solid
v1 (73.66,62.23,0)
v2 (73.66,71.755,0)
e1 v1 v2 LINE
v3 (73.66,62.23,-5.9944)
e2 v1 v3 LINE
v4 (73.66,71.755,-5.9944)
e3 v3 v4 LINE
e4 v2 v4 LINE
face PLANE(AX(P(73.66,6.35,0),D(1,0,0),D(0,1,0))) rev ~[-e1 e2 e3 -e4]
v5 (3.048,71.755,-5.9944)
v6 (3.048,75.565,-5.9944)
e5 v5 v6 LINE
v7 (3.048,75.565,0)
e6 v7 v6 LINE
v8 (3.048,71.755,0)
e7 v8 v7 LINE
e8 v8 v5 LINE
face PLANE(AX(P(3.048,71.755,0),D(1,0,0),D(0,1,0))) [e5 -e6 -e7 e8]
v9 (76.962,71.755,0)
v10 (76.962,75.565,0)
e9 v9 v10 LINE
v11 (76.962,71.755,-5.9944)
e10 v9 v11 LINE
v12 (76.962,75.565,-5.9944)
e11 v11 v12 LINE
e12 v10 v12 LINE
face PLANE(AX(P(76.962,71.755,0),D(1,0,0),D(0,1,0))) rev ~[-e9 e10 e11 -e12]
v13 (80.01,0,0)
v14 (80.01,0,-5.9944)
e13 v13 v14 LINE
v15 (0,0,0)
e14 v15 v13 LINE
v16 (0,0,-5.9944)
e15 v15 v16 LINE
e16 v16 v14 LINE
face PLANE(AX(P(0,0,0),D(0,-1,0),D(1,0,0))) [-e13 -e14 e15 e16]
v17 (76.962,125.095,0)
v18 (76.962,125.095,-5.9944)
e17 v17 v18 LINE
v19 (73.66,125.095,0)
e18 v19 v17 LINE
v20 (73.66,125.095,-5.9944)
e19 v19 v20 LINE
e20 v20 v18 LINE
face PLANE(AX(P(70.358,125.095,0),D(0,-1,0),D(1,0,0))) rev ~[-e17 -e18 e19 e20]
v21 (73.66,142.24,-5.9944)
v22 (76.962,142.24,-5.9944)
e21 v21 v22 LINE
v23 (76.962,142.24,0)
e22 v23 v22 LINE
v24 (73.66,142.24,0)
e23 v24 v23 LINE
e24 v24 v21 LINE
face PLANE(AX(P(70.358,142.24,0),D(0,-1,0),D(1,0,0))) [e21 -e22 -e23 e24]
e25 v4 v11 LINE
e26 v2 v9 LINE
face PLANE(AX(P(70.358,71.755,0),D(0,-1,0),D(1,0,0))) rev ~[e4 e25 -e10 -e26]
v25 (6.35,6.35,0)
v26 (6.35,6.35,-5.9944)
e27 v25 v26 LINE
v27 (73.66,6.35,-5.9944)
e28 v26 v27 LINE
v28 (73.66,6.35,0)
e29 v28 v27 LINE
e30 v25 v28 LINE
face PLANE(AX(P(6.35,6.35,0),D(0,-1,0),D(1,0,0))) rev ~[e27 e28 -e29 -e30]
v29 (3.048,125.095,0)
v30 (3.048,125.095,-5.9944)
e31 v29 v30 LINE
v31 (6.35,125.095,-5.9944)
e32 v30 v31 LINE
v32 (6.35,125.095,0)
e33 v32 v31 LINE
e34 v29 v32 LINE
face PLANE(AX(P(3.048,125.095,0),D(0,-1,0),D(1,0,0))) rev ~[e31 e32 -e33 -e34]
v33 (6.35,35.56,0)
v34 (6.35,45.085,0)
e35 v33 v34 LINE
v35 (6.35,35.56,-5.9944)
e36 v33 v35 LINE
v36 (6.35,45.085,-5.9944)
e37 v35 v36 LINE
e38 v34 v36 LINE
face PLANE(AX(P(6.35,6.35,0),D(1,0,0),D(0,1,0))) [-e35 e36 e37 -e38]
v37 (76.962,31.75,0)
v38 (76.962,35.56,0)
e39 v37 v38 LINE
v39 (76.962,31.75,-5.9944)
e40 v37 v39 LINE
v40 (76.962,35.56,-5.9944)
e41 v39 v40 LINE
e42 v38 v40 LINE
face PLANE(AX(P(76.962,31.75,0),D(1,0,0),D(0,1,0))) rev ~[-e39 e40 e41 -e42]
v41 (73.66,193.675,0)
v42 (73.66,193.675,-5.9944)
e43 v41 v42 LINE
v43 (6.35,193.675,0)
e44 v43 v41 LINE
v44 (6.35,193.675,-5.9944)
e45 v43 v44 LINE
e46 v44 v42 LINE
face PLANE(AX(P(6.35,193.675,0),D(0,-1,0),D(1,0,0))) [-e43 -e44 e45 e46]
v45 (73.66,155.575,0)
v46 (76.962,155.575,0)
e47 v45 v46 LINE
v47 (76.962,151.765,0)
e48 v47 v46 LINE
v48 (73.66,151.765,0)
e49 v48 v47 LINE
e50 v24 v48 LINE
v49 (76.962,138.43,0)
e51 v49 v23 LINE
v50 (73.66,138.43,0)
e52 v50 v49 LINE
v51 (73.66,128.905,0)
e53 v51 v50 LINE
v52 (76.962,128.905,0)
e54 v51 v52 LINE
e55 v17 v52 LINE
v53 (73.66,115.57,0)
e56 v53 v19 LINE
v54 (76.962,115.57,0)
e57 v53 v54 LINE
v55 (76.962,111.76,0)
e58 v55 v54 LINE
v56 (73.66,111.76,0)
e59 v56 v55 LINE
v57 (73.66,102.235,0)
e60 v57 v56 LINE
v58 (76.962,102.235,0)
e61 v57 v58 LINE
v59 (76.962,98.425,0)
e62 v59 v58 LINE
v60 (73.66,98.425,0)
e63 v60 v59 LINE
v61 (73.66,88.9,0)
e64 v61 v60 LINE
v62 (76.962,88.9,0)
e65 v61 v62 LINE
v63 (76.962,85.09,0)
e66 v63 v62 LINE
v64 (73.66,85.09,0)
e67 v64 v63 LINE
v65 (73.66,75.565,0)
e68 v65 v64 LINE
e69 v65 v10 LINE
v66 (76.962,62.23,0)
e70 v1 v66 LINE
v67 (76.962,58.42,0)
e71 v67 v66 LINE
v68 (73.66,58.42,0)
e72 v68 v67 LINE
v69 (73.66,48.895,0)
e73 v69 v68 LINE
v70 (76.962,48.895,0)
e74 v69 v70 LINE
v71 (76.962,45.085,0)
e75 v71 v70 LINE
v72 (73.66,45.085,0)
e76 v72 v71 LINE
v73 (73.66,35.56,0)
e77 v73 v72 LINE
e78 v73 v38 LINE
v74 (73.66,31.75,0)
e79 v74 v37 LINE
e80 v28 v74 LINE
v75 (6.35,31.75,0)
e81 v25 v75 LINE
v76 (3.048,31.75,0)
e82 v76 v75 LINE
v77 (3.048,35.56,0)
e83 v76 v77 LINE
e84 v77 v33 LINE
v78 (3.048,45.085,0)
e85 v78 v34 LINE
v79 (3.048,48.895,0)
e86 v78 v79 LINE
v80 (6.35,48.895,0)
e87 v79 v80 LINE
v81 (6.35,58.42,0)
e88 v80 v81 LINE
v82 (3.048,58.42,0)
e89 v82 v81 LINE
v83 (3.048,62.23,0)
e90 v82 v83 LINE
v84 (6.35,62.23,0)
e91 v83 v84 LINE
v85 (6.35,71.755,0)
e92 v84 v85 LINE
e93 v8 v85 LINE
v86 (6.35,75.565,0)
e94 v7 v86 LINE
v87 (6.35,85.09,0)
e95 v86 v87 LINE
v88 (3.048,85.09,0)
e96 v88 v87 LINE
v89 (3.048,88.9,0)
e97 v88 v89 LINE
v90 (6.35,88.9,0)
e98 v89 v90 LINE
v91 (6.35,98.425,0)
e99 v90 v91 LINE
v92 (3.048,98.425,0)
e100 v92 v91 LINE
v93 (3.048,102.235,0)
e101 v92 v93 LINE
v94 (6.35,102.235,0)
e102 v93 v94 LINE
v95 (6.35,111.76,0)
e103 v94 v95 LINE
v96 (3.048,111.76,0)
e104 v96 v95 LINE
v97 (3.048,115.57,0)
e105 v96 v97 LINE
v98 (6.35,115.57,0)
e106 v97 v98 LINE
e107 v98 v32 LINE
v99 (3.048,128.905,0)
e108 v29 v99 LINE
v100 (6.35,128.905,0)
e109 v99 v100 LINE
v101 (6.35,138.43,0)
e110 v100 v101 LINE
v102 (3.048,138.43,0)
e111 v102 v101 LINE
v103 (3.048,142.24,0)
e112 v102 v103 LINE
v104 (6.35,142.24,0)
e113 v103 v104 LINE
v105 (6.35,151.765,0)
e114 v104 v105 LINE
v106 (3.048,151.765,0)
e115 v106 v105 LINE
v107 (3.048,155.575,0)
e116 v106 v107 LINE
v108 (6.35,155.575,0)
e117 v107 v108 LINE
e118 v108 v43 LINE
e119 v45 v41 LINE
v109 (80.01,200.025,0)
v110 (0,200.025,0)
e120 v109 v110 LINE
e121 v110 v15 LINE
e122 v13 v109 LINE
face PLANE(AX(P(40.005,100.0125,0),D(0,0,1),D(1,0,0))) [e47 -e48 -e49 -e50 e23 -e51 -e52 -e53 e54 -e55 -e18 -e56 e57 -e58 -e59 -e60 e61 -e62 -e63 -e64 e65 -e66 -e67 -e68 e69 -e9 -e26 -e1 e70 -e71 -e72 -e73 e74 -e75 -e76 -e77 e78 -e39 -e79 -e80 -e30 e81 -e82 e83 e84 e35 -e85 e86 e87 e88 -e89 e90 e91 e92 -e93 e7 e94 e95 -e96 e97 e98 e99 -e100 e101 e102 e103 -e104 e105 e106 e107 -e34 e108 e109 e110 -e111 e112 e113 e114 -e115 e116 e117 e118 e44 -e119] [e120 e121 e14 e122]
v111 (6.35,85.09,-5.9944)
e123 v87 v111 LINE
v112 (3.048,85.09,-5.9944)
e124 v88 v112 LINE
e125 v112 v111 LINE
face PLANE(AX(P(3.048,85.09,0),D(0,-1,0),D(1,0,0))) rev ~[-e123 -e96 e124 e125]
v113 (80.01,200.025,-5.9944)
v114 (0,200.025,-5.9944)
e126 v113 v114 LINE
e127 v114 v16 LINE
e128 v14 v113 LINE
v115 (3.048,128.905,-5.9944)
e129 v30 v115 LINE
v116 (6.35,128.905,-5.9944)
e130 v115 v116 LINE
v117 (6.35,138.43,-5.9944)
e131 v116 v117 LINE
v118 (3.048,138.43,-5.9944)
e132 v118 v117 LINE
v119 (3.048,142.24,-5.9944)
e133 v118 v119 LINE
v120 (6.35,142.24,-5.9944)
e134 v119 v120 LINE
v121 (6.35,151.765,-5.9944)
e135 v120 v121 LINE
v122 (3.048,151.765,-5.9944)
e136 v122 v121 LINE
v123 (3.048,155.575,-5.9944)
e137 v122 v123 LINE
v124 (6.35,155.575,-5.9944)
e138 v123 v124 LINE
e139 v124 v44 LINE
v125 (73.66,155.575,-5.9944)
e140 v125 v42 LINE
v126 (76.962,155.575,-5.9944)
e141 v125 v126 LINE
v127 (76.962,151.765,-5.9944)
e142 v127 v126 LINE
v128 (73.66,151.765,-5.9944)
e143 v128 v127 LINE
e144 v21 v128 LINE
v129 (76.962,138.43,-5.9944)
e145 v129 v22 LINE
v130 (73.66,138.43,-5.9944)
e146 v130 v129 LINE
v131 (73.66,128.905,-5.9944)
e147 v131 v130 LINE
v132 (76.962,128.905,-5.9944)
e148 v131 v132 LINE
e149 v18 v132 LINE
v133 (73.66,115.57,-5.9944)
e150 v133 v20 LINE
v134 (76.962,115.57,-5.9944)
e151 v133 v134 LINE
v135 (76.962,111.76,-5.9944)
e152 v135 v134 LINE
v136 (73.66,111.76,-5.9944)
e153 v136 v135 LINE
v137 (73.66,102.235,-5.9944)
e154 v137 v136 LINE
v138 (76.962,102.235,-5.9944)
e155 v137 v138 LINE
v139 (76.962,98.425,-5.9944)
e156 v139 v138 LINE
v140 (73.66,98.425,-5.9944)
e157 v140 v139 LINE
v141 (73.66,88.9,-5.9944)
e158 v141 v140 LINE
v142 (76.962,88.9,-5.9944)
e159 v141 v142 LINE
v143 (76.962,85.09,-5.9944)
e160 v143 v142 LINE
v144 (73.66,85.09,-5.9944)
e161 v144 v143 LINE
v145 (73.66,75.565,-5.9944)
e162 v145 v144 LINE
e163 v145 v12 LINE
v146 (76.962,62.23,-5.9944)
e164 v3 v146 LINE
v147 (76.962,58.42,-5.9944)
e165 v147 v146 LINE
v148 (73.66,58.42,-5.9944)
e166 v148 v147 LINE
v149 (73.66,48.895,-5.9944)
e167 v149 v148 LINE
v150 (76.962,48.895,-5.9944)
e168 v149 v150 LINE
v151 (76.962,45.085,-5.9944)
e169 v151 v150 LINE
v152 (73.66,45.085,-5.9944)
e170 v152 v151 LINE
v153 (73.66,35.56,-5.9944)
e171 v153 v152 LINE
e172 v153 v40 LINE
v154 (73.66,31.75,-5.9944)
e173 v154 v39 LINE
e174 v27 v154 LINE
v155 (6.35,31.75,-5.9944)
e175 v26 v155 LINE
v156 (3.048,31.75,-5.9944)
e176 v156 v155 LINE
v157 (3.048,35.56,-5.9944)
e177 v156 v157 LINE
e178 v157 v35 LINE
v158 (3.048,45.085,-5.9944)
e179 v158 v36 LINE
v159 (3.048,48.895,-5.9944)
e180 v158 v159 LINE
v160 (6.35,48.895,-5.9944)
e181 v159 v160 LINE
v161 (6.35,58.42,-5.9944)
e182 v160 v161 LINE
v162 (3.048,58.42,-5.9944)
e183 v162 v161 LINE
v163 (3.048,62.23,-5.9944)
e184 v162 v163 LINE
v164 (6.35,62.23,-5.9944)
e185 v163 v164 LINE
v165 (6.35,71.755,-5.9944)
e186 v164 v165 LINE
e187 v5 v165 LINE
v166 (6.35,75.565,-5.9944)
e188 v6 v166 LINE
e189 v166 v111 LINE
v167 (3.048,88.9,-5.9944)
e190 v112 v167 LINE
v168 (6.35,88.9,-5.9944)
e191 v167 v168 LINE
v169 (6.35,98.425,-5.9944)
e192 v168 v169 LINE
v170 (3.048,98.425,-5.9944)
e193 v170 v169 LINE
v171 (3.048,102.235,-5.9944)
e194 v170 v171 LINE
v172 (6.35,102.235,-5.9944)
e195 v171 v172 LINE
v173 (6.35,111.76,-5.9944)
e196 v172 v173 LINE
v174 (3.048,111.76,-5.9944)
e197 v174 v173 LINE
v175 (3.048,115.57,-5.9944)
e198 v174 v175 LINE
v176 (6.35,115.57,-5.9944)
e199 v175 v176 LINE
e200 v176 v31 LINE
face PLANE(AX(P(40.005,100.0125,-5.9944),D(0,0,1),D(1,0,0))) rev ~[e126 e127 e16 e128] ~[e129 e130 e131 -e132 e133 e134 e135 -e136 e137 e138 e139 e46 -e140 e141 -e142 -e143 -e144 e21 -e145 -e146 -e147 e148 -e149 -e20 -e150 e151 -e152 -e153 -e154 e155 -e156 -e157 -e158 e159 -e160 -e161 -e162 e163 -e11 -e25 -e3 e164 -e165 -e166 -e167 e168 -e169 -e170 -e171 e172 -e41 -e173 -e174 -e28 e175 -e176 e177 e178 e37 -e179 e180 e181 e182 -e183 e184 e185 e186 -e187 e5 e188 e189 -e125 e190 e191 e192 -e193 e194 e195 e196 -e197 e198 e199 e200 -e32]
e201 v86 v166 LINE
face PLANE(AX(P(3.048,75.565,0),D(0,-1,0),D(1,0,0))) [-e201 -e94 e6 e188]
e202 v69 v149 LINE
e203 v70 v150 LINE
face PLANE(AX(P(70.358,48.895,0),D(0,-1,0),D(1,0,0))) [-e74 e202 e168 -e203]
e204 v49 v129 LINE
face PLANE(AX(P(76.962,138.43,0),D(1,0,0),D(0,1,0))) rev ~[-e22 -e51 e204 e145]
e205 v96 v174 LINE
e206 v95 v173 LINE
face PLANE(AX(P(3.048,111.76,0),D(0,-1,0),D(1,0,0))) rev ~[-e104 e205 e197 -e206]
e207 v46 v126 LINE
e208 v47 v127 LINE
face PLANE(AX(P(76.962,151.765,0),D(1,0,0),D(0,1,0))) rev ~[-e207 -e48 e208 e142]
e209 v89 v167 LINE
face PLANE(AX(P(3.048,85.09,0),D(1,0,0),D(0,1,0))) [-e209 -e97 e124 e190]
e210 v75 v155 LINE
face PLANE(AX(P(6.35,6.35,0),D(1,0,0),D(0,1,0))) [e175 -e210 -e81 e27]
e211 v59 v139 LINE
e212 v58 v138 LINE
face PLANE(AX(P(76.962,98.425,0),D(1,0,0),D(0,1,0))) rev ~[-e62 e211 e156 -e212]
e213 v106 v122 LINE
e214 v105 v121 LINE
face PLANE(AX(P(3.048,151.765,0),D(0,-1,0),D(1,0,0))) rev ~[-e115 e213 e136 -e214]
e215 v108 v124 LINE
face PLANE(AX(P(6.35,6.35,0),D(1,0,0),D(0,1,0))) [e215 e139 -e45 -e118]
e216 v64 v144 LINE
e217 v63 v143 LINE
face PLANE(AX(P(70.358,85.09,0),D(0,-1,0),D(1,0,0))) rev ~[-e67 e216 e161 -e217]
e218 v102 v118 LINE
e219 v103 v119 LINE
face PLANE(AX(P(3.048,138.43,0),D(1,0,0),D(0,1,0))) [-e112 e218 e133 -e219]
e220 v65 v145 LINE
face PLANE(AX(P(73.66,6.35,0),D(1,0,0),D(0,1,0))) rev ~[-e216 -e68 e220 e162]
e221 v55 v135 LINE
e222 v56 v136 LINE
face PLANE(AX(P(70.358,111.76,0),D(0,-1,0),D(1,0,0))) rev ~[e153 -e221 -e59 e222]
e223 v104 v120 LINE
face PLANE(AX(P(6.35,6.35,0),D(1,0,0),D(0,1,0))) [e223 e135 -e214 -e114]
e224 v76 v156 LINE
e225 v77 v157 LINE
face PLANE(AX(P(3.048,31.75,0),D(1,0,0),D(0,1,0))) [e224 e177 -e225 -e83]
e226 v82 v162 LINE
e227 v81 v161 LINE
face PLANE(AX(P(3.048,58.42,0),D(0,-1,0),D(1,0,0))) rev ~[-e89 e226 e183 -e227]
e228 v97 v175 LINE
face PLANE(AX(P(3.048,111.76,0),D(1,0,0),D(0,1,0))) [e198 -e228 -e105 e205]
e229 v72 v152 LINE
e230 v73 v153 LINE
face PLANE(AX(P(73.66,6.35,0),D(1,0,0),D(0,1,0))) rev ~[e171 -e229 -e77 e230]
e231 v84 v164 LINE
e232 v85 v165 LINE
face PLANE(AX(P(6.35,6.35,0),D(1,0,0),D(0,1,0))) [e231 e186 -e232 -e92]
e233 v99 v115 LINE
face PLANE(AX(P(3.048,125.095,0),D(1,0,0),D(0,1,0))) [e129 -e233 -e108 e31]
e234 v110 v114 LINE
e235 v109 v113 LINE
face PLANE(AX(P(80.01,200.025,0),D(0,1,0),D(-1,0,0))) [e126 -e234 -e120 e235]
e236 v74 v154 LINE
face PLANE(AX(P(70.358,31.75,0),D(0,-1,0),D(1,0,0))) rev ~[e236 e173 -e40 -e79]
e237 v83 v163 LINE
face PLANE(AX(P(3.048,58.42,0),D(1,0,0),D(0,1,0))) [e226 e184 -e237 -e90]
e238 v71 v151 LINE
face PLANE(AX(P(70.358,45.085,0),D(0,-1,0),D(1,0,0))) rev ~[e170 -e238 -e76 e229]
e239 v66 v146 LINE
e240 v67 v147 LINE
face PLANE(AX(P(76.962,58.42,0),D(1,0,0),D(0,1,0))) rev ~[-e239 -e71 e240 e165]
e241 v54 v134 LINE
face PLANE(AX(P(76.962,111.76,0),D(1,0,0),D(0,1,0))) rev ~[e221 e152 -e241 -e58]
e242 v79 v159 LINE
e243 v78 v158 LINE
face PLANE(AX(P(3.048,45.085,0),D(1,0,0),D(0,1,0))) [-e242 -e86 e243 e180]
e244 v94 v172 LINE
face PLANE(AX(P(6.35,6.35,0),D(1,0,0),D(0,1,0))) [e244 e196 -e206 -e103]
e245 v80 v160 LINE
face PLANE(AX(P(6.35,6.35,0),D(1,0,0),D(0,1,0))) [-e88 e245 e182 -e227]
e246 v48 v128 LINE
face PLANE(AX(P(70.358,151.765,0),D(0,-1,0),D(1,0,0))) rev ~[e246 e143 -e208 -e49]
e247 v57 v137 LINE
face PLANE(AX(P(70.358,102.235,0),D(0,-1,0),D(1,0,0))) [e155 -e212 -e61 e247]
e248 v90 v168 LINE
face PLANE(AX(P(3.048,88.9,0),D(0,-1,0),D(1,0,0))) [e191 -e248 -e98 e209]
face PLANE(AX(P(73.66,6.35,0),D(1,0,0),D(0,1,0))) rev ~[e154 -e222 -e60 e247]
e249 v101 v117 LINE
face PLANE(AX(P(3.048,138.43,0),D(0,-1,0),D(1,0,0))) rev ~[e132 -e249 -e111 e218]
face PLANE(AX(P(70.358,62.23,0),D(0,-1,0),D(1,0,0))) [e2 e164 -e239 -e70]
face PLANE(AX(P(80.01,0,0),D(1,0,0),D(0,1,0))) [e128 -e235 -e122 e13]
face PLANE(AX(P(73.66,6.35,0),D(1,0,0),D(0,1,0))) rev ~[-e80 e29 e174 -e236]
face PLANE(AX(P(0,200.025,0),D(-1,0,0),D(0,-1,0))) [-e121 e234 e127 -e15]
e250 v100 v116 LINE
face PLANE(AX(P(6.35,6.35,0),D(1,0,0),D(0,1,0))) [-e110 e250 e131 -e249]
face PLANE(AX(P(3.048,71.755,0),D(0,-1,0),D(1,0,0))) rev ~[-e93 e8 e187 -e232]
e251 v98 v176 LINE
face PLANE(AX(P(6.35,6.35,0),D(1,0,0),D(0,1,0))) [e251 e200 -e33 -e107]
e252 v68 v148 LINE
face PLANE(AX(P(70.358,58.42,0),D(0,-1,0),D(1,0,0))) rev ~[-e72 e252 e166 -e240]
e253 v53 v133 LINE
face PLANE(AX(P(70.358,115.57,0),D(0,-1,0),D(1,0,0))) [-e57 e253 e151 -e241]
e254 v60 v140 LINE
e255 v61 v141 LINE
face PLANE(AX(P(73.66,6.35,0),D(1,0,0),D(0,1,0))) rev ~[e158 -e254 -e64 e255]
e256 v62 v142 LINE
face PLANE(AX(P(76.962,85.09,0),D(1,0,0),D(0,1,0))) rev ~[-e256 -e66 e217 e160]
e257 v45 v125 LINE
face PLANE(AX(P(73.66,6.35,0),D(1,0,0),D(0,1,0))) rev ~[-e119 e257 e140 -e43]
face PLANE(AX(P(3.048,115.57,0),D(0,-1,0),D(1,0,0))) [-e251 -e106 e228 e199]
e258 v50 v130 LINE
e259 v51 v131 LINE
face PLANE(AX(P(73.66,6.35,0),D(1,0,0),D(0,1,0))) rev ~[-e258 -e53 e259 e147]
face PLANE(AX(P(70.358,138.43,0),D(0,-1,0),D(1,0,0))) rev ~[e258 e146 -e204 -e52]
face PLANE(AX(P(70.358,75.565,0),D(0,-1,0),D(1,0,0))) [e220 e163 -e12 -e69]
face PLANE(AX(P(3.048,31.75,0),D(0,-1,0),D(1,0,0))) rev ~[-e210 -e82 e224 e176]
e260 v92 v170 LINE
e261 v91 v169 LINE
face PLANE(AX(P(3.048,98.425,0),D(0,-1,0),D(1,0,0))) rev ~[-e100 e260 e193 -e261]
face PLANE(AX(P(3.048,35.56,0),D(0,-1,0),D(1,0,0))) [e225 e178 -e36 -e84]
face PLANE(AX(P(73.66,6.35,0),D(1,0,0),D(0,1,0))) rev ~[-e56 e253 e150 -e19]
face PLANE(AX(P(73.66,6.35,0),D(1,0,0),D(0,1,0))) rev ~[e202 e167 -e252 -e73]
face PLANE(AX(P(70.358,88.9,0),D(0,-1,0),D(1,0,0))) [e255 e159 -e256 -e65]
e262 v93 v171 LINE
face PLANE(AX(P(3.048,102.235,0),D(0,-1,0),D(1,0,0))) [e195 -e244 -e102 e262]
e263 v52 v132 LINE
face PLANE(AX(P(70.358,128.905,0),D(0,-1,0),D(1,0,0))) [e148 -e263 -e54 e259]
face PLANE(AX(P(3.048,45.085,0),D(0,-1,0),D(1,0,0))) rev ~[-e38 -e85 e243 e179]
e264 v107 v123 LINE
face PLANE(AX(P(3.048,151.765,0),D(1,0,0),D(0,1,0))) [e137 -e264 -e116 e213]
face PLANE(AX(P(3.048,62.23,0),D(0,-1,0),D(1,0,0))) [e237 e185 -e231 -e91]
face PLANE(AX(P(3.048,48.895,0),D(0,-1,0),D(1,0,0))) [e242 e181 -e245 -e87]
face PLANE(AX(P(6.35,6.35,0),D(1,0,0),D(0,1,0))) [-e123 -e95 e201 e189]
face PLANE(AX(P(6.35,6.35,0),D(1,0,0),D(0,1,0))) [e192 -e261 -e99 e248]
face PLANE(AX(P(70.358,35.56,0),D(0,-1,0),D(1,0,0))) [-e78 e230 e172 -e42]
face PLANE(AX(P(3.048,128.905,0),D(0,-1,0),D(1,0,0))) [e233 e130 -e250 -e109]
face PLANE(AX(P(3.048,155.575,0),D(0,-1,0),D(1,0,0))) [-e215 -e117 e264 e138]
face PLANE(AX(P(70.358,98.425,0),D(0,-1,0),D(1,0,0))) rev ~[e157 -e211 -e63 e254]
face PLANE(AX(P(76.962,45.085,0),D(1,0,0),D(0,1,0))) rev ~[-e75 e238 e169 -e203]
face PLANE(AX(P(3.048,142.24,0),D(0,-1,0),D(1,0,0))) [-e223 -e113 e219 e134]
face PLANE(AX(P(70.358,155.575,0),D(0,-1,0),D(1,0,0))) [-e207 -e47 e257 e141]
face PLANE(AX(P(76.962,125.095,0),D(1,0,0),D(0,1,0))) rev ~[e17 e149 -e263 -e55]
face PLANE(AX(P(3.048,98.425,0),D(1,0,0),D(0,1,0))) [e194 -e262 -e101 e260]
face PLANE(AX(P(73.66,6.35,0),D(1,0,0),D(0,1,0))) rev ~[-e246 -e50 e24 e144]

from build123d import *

# Parameters (mm, degrees)
SKETCH1_W           = 67.31
SKETCH1_H           = 187.325
BOSS_EXTRUDE1_DEPTH = 5.9944
SKETCH2_W           = 6.604
SKETCH2_H           = 3.81
CUT_EXTRUDE1_DEPTH  = 6.9944


with BuildPart() as part:
    # Sketch1 → Boss-Extrude1 (new body)
    with BuildSketch(Plane.XY):
        Polygon((0, 0), (6.35, 0), (73.66, 0), (80.01, 0), (80.01, 200.025), (73.66, 200.025), (6.35, 200.025), (0, 200.025), align=None)
        with Locations((40.005, 100.0125)):
            Rectangle(SKETCH1_W, SKETCH1_H, mode=Mode.SUBTRACT)
    extrude(amount=-BOSS_EXTRUDE1_DEPTH)

    # Sketch2 → Cut-Extrude1 (cut, through all)
    with BuildSketch(Plane.XY):
        with Locations((6.35, 33.655)):
            Rectangle(SKETCH2_W, SKETCH2_H)
        with Locations((6.35, 46.99)):
            Rectangle(SKETCH2_W, SKETCH2_H)
        with Locations((73.66, 33.655)):
            Rectangle(SKETCH2_W, SKETCH2_H)
        with Locations((73.66, 46.99)):
            Rectangle(SKETCH2_W, SKETCH2_H)
        with Locations((6.35, 60.325)):
            Rectangle(SKETCH2_W, SKETCH2_H)
        with Locations((73.66, 60.325)):
            Rectangle(SKETCH2_W, SKETCH2_H)
        with Locations((6.35, 73.66)):
            Rectangle(SKETCH2_W, SKETCH2_H)
        with Locations((73.66, 73.66)):
            Rectangle(SKETCH2_W, SKETCH2_H)
        with Locations((6.35, 86.995)):
            Rectangle(SKETCH2_W, SKETCH2_H)
        with Locations((73.66, 86.995)):
            Rectangle(SKETCH2_W, SKETCH2_H)
        with Locations((6.35, 100.33)):
            Rectangle(SKETCH2_W, SKETCH2_H)
        with Locations((73.66, 100.33)):
            Rectangle(SKETCH2_W, SKETCH2_H)
        with Locations((6.35, 113.665)):
            Rectangle(SKETCH2_W, SKETCH2_H)
        with Locations((73.66, 113.665)):
            Rectangle(SKETCH2_W, SKETCH2_H)
        with Locations((6.35, 127)):
            Rectangle(SKETCH2_W, SKETCH2_H)
        with Locations((73.66, 127)):
            Rectangle(SKETCH2_W, SKETCH2_H)
        with Locations((6.35, 140.335)):
            Rectangle(SKETCH2_W, SKETCH2_H)
        with Locations((73.66, 140.335)):
            Rectangle(SKETCH2_W, SKETCH2_H)
        with Locations((6.35, 153.67)):
            Rectangle(SKETCH2_W, SKETCH2_H)
        with Locations((73.66, 153.67)):
            Rectangle(SKETCH2_W, SKETCH2_H)
    extrude(amount=-CUT_EXTRUDE1_DEPTH, mode=Mode.SUBTRACT)


solid = part.part
